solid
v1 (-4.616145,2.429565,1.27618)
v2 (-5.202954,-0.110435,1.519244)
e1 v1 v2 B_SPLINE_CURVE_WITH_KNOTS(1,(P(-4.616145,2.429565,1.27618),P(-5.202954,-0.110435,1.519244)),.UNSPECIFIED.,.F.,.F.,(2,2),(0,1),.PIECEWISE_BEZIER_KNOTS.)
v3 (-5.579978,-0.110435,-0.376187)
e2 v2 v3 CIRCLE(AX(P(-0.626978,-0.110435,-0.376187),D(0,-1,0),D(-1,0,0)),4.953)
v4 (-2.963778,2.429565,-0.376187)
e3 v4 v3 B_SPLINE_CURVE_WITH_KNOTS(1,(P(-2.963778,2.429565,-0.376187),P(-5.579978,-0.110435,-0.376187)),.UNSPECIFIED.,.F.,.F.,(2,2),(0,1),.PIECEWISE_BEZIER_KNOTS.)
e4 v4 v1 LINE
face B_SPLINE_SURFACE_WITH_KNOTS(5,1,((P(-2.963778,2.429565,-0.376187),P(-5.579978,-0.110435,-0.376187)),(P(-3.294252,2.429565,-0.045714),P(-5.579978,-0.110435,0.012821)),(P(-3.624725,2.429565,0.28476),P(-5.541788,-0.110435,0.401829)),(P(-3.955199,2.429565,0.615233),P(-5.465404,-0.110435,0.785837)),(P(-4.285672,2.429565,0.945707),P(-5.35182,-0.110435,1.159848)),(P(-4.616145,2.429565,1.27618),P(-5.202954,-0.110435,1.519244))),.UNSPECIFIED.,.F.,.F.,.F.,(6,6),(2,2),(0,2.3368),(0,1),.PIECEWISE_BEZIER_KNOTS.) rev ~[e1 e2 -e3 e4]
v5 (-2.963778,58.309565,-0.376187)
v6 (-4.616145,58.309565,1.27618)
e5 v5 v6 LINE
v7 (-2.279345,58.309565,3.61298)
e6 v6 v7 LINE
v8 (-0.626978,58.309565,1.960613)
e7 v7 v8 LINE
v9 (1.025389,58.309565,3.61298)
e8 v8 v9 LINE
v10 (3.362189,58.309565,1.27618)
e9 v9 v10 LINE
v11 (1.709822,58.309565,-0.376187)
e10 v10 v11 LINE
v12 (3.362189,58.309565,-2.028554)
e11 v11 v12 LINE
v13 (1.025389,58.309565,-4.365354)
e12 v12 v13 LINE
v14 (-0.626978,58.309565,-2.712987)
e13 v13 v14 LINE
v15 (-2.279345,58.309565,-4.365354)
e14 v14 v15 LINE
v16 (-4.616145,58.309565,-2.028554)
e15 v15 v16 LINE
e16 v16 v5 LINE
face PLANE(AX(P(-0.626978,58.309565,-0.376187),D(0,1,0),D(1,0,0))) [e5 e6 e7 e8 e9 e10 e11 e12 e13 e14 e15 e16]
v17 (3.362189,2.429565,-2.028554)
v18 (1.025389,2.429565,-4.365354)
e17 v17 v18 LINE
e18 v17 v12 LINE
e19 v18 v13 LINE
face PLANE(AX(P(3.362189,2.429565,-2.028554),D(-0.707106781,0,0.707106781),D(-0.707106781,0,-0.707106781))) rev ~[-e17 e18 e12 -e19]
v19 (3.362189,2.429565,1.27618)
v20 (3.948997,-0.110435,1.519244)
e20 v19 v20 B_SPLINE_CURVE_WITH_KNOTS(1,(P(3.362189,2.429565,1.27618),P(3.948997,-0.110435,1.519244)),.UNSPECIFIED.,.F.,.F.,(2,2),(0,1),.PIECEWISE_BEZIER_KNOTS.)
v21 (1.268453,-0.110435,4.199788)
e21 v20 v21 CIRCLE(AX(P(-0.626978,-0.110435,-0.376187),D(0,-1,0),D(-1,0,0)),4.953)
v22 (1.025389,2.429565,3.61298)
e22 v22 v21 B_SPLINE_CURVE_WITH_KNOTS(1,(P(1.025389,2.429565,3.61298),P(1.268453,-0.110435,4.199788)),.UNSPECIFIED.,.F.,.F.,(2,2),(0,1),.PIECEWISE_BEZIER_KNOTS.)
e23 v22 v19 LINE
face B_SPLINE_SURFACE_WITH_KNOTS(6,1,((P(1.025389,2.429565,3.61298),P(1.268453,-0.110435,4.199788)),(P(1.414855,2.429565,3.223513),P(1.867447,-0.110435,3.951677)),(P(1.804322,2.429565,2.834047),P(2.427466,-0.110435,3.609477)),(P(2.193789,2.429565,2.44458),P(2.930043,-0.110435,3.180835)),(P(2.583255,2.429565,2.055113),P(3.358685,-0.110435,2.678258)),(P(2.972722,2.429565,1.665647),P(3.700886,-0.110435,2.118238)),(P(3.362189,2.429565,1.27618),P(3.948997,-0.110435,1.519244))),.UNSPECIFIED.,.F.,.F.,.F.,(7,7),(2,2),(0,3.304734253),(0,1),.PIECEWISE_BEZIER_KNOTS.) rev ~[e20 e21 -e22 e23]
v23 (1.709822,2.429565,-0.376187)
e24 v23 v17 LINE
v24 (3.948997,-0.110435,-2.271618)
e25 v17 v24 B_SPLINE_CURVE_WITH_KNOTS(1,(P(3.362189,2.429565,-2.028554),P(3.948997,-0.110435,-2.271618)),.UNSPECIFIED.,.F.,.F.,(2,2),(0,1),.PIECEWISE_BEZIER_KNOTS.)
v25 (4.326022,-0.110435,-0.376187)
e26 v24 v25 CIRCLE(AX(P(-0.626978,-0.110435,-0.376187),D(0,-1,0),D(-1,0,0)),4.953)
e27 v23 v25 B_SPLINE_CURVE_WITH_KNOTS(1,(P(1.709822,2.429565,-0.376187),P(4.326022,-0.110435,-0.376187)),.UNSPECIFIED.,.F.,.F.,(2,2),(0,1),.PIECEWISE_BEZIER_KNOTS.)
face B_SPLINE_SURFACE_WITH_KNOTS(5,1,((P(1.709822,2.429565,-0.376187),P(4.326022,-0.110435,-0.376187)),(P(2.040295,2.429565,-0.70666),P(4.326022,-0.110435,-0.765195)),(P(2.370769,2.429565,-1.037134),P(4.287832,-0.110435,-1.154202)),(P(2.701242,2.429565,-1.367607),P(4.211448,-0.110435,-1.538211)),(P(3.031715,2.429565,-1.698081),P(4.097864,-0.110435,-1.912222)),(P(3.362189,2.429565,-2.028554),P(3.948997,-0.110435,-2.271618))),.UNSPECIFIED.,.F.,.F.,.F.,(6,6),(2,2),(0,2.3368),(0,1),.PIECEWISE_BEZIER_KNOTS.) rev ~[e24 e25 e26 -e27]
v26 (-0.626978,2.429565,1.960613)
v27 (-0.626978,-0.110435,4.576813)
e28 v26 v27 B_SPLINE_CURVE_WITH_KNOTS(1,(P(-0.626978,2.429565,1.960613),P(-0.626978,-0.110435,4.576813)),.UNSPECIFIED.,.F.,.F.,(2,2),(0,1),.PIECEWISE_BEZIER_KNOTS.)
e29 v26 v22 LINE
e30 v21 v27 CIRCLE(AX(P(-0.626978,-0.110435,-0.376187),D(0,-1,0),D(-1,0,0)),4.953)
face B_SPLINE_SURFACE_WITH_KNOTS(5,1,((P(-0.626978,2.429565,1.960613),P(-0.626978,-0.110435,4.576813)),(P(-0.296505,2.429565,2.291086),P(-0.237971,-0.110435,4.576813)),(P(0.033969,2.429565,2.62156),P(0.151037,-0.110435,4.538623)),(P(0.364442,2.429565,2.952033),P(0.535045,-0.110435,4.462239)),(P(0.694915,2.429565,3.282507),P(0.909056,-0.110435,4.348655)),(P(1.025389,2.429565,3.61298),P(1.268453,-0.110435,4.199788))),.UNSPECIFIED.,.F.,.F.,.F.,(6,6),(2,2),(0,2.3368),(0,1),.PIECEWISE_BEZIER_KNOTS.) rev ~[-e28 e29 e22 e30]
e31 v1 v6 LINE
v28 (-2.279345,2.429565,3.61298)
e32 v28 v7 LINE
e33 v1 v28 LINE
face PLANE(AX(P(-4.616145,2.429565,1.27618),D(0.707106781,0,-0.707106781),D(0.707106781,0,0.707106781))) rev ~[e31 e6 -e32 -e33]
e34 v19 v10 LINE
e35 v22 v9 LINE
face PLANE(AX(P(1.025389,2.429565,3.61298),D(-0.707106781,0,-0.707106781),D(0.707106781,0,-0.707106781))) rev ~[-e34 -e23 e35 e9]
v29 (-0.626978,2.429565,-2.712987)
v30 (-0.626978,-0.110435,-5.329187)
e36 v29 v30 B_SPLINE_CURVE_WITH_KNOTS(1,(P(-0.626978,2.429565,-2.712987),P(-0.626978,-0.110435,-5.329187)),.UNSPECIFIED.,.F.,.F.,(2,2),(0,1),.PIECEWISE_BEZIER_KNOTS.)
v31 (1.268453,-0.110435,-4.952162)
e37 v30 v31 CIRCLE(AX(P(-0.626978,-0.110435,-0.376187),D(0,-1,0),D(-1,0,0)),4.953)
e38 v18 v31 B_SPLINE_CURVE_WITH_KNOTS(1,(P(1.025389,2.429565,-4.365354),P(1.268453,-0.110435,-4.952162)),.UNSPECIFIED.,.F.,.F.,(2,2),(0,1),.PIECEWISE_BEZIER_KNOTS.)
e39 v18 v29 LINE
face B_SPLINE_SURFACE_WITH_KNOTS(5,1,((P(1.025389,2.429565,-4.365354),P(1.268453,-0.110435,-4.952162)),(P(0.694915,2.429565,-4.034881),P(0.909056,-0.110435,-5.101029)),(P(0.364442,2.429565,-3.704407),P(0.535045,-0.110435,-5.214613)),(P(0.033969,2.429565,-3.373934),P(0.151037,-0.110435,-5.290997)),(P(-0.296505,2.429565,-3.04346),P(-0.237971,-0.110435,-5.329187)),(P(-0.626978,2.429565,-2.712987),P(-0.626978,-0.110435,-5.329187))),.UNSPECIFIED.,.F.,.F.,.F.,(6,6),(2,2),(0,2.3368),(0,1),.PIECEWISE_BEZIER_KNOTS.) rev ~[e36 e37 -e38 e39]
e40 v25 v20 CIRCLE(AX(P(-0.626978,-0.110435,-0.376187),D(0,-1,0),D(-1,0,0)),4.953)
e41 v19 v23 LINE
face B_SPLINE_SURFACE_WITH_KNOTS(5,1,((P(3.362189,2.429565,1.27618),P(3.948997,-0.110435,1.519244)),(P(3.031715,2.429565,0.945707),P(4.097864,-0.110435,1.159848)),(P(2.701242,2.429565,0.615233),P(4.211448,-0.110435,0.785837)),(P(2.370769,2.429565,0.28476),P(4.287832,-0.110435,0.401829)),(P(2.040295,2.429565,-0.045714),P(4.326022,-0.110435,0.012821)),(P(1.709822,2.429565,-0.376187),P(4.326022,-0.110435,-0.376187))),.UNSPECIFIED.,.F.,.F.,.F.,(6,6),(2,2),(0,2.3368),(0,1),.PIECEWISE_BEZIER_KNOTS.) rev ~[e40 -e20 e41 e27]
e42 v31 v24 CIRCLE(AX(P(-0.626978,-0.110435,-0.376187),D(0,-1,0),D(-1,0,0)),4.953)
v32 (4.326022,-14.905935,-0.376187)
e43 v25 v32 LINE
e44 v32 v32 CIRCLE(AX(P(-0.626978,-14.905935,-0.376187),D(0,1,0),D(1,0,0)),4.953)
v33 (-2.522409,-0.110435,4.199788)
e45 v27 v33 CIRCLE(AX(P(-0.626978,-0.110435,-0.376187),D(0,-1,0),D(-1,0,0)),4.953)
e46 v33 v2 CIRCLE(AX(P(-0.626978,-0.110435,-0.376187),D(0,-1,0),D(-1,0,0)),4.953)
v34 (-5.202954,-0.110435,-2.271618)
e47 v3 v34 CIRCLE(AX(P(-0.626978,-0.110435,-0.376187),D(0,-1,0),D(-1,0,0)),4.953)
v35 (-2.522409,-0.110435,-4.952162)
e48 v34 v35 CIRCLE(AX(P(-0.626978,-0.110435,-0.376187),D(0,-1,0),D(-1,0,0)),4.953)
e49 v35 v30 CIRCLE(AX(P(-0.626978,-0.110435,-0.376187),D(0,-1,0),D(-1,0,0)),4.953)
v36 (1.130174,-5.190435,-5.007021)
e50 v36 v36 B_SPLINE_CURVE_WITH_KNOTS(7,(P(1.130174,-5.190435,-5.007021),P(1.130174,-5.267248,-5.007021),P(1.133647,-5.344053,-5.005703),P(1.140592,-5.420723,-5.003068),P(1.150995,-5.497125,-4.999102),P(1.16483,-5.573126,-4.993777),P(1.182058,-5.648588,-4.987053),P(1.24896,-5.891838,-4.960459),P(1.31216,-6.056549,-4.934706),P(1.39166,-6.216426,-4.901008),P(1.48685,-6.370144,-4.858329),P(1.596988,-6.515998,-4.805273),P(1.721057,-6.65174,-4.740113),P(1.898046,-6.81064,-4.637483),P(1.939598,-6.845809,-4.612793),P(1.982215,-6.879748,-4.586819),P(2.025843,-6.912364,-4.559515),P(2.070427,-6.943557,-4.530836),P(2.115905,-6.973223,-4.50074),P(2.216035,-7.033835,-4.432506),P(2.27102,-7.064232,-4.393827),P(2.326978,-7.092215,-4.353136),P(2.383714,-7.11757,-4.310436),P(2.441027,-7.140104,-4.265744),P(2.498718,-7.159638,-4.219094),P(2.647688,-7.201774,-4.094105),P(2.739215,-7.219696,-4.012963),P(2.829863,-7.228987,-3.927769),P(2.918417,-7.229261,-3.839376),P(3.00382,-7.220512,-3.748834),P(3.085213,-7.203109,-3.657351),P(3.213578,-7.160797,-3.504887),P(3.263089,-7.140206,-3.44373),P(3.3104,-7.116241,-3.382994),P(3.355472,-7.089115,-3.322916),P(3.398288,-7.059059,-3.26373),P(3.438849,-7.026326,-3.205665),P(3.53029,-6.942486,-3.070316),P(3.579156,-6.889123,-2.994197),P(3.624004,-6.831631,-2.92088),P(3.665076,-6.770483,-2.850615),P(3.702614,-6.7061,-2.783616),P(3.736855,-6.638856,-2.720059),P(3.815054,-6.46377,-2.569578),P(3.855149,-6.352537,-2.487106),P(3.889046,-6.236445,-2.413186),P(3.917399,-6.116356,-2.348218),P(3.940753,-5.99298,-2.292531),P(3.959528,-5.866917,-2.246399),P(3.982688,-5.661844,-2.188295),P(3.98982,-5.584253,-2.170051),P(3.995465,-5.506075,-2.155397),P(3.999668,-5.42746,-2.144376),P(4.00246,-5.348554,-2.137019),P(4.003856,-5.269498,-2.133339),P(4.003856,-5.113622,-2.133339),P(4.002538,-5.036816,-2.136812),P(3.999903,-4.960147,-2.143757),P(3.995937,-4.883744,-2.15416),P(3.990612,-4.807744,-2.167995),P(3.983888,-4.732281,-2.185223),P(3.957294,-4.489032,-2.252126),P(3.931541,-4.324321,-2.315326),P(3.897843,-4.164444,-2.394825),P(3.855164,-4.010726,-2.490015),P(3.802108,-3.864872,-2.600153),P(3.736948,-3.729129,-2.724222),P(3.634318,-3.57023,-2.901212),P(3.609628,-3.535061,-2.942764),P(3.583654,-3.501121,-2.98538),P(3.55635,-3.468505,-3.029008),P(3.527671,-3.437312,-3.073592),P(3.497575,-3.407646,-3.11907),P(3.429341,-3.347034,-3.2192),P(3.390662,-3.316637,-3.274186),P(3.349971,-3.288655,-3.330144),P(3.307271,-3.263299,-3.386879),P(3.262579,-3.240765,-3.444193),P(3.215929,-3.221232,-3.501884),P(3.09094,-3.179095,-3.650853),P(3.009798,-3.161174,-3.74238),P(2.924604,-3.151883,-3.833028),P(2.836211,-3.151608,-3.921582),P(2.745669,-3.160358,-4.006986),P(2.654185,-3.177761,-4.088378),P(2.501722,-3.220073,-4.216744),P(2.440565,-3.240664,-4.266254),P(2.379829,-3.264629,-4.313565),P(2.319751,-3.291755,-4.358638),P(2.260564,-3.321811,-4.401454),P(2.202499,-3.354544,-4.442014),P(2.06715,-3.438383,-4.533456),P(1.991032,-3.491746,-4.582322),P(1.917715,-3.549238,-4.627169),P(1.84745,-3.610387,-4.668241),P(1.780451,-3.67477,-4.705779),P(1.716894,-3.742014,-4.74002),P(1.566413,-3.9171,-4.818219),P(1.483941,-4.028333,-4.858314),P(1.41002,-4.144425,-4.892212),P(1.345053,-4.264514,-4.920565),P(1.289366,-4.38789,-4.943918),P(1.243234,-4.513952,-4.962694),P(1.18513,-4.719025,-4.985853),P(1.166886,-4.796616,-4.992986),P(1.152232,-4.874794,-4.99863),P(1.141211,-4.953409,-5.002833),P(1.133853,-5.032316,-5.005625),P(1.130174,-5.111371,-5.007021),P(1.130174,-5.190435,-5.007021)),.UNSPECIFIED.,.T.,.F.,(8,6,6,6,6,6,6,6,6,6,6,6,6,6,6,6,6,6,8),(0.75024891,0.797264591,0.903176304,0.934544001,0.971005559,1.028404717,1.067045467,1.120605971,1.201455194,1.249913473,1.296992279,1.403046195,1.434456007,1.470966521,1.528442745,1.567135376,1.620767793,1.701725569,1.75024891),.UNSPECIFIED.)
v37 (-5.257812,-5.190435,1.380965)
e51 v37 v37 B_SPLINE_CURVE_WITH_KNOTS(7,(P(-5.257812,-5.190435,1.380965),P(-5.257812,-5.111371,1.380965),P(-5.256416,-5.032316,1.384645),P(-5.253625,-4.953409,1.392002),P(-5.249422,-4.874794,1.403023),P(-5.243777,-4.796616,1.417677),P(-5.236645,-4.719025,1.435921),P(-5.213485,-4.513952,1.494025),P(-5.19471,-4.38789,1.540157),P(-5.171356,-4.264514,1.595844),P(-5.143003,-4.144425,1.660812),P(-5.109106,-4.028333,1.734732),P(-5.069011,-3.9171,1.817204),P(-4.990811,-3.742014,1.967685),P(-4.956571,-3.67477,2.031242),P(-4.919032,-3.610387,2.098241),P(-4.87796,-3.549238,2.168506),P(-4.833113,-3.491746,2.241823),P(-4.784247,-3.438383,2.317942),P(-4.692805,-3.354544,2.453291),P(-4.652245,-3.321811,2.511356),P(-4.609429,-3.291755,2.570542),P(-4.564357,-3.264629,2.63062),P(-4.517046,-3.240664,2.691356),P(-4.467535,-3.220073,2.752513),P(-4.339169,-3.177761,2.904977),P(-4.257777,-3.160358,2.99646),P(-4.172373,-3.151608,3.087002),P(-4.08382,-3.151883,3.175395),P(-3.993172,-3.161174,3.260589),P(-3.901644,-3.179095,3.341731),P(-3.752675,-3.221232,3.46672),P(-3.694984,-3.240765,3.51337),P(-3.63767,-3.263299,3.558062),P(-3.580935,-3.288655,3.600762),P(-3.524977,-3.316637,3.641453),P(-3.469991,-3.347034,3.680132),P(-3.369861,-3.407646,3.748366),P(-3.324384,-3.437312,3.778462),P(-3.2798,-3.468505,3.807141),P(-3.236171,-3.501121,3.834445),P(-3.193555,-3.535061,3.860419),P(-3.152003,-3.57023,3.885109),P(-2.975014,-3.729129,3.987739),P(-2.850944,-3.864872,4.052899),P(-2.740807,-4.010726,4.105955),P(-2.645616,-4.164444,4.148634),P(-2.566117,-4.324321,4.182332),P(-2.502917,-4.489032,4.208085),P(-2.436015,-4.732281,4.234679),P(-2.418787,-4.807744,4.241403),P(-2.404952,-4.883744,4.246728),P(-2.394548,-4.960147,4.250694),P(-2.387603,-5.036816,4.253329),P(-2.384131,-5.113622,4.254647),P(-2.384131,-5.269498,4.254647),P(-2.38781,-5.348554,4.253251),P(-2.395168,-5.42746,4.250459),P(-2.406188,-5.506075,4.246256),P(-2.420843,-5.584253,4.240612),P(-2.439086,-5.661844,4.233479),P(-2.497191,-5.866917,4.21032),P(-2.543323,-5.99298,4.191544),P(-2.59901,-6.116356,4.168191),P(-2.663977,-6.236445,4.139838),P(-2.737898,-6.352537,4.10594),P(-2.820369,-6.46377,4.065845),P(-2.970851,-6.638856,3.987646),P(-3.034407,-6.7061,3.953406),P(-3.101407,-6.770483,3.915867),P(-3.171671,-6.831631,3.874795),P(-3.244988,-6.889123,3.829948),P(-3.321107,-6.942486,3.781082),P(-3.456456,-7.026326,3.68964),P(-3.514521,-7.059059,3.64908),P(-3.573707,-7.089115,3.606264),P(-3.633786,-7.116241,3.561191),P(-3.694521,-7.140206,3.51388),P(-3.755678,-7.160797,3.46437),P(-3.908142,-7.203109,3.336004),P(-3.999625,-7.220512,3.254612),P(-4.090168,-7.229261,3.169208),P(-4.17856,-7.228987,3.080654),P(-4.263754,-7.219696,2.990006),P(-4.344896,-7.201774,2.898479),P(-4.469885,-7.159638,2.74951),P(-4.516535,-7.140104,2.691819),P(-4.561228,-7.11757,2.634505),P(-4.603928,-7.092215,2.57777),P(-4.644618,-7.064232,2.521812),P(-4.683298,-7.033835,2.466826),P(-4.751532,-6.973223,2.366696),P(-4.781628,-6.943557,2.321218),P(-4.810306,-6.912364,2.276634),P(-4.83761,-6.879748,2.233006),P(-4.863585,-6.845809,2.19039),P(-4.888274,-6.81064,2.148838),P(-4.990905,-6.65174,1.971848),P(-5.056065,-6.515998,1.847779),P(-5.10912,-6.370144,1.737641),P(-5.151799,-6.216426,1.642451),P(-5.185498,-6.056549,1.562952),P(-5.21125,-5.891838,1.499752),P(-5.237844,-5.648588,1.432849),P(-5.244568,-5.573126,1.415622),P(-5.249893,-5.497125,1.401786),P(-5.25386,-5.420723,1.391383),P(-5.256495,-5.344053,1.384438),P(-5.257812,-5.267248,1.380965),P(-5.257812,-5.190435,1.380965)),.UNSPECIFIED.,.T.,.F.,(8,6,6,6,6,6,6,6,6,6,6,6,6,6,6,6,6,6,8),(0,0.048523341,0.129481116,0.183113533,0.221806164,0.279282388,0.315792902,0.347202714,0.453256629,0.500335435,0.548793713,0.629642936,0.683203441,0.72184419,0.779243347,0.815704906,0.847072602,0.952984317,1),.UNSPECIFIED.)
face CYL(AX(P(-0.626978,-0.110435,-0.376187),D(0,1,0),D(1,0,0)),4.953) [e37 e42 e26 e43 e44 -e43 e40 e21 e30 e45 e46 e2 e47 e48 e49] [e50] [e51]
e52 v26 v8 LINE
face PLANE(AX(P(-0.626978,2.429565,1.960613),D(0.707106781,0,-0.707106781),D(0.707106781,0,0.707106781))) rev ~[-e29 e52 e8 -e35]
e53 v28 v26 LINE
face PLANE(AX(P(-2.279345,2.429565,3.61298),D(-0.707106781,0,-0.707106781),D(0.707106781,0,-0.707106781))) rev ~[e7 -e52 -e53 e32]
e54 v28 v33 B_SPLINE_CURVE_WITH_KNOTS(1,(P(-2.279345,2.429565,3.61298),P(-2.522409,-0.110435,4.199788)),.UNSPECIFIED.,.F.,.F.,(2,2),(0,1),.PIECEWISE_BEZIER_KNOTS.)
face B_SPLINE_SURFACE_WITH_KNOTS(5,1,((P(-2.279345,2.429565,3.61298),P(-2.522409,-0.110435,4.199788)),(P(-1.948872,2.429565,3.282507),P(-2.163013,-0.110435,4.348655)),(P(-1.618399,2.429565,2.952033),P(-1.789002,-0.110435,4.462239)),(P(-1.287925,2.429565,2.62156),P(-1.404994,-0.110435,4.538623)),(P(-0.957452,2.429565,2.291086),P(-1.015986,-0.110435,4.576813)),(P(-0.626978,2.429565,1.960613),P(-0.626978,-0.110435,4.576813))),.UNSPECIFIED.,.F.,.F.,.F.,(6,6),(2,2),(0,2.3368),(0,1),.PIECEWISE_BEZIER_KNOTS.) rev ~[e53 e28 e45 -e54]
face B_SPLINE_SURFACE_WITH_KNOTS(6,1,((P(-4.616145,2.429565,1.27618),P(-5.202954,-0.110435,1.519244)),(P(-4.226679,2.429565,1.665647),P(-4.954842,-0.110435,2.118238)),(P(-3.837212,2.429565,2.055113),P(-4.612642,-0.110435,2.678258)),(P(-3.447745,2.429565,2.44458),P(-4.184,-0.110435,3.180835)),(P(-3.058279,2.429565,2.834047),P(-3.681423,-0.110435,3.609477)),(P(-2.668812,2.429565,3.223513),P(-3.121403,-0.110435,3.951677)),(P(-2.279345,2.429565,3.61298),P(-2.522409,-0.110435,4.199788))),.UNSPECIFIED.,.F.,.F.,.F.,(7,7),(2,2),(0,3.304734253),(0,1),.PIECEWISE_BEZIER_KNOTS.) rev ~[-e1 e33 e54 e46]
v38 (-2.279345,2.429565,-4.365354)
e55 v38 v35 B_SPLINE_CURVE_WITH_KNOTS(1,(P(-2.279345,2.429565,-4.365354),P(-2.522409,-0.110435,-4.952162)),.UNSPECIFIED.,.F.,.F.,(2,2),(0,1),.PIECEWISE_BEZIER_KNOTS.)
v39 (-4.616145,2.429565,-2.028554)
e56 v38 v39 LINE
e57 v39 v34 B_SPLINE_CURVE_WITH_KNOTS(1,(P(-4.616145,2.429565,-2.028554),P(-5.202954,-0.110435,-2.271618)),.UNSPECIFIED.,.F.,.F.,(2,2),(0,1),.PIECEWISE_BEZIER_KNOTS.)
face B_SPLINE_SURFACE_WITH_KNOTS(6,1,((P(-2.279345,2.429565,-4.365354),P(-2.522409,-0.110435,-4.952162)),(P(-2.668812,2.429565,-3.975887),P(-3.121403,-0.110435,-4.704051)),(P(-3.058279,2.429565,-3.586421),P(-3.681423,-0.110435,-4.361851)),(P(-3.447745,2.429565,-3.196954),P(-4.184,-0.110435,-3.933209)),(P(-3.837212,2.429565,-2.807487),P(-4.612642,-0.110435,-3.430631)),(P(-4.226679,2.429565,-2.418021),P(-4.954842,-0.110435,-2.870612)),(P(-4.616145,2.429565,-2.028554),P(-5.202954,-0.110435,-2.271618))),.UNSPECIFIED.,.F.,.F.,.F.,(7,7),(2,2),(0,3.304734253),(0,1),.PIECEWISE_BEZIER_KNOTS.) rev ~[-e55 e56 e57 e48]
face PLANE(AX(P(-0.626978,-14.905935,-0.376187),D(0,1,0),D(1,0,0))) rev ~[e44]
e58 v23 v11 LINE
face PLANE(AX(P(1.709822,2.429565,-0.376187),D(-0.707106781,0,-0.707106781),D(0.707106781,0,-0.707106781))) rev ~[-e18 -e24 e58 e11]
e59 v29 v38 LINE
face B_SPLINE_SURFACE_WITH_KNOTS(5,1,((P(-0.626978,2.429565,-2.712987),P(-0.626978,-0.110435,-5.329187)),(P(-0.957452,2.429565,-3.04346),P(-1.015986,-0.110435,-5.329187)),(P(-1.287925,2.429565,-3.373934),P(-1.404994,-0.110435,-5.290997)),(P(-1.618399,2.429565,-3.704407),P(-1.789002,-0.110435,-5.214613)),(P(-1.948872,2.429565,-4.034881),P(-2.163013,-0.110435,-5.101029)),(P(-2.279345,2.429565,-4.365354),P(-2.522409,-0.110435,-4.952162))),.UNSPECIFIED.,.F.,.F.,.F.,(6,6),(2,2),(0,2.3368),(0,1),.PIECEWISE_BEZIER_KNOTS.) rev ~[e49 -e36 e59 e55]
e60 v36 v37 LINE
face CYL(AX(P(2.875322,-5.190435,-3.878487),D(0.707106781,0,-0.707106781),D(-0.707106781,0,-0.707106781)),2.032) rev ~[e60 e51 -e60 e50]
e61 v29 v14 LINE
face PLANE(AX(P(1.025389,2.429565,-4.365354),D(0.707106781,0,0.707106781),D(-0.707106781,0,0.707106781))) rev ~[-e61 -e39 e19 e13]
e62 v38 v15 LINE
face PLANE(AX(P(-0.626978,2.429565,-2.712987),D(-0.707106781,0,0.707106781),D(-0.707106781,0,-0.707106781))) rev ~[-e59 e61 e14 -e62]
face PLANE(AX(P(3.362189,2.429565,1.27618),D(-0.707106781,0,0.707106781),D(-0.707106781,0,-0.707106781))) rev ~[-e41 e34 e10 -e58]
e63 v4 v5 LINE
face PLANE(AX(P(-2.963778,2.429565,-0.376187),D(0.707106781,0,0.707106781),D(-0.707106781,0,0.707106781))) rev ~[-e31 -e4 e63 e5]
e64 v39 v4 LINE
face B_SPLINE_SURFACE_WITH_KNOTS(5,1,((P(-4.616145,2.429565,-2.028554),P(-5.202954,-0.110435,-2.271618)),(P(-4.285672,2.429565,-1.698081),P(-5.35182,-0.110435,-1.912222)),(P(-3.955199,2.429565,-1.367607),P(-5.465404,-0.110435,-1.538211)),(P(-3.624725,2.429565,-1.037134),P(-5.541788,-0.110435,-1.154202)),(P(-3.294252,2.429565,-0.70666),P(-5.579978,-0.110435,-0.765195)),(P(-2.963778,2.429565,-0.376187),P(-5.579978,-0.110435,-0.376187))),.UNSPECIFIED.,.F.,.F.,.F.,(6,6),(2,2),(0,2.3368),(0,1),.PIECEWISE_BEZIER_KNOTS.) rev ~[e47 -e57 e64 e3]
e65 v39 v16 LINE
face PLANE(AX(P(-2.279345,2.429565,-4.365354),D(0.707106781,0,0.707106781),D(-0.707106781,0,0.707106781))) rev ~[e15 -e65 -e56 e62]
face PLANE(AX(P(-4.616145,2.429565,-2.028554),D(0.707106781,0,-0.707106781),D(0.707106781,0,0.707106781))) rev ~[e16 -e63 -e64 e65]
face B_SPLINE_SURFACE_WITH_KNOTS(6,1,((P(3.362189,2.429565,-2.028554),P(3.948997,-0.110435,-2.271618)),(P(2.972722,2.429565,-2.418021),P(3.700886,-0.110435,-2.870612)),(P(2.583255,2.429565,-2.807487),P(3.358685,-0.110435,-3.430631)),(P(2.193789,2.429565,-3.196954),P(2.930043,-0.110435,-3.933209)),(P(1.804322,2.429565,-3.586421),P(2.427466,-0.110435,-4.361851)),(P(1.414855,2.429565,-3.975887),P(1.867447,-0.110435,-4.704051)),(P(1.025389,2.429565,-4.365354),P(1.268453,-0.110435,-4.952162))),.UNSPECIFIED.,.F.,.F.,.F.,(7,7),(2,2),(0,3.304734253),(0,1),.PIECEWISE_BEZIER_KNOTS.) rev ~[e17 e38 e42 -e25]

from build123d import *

# Parameters (mm, degrees)
BOSS_EXTRUDE1_DEPTH = 60.739130435
SCALE1_SCALE        = 0.92
SKETCH4_R           = 4.953
SKETCH3_R           = 4.953
BOSS_EXTRUDE2_DEPTH = 14.7955
SKETCH5_R           = 2.032
CUT_EXTRUDE1_DEPTH  = 12.957599916


with BuildPart() as part:
    # Sketch1 → Boss-Extrude1 (new body)
    with BuildSketch(Plane(origin=(0, 0, 0), x_dir=(1, 0, 0), z_dir=(0, 1, 0))):
        Polygon((-0.6269783, 2.91618698), (-2.423029524, 4.712238204), (-4.963029524, 2.172238204), (-3.1669783, 0.37618698), (-4.963029524, -1.419864244), (-2.423029524, -3.959864244), (-0.6269783, -2.16381302), (1.169072924, -3.959864244), (3.709072924, -1.419864244), (1.9130217, 0.37618698), (3.709072924, 2.172238204), (1.169072924, 4.712238204), align=None)
    extrude(amount=BOSS_EXTRUDE1_DEPTH)


with BuildPart() as part_1:
    # Scale1: scaled about (-0.6269783, 30.369565217, -0.37618698)
    add(part.part.scale(SCALE1_SCALE).moved(Location((-0.050158264, 2.429565217, -0.030094958))))

    # Sketch4 → section 1 of loft1
    with BuildSketch(Plane(origin=(0, -0.110434783, 0), x_dir=(-1, 0, 0), z_dir=(0, -1, 0)), mode=Mode.PRIVATE) as loft1_s1:
        with Locations((0.6269783, 0.37618698)):
            Circle(SKETCH4_R)
    # loft from a face of the part (loft1)
    loft([part_1.faces().sort_by_distance((-0.6269783, 2.429565217, -0.37618698))[0], loft1_s1.sketch])

    # Sketch3 → Boss-Extrude2 (add)
    with BuildSketch(Plane(origin=(0, -0.110434783, 0), x_dir=(1, 0, 0), z_dir=(0, 1, 0))):
        with Locations((-0.6269783, 0.37618698)):
            Circle(SKETCH3_R)
    extrude(amount=-BOSS_EXTRUDE2_DEPTH)

    # Sketch5 → Cut-Extrude1 (cut, through all)
    with BuildSketch(Plane(origin=(3.376904227, 0, -3.376904227), x_dir=(-0.707106781, 0, -0.707106781), z_dir=(0.707106781, 0, -0.707106781))):
        with Locations((0.709344972, -5.190434783)):
            Circle(SKETCH5_R)
    extrude(amount=-CUT_EXTRUDE1_DEPTH, mode=Mode.SUBTRACT)


solid = part_1.part
